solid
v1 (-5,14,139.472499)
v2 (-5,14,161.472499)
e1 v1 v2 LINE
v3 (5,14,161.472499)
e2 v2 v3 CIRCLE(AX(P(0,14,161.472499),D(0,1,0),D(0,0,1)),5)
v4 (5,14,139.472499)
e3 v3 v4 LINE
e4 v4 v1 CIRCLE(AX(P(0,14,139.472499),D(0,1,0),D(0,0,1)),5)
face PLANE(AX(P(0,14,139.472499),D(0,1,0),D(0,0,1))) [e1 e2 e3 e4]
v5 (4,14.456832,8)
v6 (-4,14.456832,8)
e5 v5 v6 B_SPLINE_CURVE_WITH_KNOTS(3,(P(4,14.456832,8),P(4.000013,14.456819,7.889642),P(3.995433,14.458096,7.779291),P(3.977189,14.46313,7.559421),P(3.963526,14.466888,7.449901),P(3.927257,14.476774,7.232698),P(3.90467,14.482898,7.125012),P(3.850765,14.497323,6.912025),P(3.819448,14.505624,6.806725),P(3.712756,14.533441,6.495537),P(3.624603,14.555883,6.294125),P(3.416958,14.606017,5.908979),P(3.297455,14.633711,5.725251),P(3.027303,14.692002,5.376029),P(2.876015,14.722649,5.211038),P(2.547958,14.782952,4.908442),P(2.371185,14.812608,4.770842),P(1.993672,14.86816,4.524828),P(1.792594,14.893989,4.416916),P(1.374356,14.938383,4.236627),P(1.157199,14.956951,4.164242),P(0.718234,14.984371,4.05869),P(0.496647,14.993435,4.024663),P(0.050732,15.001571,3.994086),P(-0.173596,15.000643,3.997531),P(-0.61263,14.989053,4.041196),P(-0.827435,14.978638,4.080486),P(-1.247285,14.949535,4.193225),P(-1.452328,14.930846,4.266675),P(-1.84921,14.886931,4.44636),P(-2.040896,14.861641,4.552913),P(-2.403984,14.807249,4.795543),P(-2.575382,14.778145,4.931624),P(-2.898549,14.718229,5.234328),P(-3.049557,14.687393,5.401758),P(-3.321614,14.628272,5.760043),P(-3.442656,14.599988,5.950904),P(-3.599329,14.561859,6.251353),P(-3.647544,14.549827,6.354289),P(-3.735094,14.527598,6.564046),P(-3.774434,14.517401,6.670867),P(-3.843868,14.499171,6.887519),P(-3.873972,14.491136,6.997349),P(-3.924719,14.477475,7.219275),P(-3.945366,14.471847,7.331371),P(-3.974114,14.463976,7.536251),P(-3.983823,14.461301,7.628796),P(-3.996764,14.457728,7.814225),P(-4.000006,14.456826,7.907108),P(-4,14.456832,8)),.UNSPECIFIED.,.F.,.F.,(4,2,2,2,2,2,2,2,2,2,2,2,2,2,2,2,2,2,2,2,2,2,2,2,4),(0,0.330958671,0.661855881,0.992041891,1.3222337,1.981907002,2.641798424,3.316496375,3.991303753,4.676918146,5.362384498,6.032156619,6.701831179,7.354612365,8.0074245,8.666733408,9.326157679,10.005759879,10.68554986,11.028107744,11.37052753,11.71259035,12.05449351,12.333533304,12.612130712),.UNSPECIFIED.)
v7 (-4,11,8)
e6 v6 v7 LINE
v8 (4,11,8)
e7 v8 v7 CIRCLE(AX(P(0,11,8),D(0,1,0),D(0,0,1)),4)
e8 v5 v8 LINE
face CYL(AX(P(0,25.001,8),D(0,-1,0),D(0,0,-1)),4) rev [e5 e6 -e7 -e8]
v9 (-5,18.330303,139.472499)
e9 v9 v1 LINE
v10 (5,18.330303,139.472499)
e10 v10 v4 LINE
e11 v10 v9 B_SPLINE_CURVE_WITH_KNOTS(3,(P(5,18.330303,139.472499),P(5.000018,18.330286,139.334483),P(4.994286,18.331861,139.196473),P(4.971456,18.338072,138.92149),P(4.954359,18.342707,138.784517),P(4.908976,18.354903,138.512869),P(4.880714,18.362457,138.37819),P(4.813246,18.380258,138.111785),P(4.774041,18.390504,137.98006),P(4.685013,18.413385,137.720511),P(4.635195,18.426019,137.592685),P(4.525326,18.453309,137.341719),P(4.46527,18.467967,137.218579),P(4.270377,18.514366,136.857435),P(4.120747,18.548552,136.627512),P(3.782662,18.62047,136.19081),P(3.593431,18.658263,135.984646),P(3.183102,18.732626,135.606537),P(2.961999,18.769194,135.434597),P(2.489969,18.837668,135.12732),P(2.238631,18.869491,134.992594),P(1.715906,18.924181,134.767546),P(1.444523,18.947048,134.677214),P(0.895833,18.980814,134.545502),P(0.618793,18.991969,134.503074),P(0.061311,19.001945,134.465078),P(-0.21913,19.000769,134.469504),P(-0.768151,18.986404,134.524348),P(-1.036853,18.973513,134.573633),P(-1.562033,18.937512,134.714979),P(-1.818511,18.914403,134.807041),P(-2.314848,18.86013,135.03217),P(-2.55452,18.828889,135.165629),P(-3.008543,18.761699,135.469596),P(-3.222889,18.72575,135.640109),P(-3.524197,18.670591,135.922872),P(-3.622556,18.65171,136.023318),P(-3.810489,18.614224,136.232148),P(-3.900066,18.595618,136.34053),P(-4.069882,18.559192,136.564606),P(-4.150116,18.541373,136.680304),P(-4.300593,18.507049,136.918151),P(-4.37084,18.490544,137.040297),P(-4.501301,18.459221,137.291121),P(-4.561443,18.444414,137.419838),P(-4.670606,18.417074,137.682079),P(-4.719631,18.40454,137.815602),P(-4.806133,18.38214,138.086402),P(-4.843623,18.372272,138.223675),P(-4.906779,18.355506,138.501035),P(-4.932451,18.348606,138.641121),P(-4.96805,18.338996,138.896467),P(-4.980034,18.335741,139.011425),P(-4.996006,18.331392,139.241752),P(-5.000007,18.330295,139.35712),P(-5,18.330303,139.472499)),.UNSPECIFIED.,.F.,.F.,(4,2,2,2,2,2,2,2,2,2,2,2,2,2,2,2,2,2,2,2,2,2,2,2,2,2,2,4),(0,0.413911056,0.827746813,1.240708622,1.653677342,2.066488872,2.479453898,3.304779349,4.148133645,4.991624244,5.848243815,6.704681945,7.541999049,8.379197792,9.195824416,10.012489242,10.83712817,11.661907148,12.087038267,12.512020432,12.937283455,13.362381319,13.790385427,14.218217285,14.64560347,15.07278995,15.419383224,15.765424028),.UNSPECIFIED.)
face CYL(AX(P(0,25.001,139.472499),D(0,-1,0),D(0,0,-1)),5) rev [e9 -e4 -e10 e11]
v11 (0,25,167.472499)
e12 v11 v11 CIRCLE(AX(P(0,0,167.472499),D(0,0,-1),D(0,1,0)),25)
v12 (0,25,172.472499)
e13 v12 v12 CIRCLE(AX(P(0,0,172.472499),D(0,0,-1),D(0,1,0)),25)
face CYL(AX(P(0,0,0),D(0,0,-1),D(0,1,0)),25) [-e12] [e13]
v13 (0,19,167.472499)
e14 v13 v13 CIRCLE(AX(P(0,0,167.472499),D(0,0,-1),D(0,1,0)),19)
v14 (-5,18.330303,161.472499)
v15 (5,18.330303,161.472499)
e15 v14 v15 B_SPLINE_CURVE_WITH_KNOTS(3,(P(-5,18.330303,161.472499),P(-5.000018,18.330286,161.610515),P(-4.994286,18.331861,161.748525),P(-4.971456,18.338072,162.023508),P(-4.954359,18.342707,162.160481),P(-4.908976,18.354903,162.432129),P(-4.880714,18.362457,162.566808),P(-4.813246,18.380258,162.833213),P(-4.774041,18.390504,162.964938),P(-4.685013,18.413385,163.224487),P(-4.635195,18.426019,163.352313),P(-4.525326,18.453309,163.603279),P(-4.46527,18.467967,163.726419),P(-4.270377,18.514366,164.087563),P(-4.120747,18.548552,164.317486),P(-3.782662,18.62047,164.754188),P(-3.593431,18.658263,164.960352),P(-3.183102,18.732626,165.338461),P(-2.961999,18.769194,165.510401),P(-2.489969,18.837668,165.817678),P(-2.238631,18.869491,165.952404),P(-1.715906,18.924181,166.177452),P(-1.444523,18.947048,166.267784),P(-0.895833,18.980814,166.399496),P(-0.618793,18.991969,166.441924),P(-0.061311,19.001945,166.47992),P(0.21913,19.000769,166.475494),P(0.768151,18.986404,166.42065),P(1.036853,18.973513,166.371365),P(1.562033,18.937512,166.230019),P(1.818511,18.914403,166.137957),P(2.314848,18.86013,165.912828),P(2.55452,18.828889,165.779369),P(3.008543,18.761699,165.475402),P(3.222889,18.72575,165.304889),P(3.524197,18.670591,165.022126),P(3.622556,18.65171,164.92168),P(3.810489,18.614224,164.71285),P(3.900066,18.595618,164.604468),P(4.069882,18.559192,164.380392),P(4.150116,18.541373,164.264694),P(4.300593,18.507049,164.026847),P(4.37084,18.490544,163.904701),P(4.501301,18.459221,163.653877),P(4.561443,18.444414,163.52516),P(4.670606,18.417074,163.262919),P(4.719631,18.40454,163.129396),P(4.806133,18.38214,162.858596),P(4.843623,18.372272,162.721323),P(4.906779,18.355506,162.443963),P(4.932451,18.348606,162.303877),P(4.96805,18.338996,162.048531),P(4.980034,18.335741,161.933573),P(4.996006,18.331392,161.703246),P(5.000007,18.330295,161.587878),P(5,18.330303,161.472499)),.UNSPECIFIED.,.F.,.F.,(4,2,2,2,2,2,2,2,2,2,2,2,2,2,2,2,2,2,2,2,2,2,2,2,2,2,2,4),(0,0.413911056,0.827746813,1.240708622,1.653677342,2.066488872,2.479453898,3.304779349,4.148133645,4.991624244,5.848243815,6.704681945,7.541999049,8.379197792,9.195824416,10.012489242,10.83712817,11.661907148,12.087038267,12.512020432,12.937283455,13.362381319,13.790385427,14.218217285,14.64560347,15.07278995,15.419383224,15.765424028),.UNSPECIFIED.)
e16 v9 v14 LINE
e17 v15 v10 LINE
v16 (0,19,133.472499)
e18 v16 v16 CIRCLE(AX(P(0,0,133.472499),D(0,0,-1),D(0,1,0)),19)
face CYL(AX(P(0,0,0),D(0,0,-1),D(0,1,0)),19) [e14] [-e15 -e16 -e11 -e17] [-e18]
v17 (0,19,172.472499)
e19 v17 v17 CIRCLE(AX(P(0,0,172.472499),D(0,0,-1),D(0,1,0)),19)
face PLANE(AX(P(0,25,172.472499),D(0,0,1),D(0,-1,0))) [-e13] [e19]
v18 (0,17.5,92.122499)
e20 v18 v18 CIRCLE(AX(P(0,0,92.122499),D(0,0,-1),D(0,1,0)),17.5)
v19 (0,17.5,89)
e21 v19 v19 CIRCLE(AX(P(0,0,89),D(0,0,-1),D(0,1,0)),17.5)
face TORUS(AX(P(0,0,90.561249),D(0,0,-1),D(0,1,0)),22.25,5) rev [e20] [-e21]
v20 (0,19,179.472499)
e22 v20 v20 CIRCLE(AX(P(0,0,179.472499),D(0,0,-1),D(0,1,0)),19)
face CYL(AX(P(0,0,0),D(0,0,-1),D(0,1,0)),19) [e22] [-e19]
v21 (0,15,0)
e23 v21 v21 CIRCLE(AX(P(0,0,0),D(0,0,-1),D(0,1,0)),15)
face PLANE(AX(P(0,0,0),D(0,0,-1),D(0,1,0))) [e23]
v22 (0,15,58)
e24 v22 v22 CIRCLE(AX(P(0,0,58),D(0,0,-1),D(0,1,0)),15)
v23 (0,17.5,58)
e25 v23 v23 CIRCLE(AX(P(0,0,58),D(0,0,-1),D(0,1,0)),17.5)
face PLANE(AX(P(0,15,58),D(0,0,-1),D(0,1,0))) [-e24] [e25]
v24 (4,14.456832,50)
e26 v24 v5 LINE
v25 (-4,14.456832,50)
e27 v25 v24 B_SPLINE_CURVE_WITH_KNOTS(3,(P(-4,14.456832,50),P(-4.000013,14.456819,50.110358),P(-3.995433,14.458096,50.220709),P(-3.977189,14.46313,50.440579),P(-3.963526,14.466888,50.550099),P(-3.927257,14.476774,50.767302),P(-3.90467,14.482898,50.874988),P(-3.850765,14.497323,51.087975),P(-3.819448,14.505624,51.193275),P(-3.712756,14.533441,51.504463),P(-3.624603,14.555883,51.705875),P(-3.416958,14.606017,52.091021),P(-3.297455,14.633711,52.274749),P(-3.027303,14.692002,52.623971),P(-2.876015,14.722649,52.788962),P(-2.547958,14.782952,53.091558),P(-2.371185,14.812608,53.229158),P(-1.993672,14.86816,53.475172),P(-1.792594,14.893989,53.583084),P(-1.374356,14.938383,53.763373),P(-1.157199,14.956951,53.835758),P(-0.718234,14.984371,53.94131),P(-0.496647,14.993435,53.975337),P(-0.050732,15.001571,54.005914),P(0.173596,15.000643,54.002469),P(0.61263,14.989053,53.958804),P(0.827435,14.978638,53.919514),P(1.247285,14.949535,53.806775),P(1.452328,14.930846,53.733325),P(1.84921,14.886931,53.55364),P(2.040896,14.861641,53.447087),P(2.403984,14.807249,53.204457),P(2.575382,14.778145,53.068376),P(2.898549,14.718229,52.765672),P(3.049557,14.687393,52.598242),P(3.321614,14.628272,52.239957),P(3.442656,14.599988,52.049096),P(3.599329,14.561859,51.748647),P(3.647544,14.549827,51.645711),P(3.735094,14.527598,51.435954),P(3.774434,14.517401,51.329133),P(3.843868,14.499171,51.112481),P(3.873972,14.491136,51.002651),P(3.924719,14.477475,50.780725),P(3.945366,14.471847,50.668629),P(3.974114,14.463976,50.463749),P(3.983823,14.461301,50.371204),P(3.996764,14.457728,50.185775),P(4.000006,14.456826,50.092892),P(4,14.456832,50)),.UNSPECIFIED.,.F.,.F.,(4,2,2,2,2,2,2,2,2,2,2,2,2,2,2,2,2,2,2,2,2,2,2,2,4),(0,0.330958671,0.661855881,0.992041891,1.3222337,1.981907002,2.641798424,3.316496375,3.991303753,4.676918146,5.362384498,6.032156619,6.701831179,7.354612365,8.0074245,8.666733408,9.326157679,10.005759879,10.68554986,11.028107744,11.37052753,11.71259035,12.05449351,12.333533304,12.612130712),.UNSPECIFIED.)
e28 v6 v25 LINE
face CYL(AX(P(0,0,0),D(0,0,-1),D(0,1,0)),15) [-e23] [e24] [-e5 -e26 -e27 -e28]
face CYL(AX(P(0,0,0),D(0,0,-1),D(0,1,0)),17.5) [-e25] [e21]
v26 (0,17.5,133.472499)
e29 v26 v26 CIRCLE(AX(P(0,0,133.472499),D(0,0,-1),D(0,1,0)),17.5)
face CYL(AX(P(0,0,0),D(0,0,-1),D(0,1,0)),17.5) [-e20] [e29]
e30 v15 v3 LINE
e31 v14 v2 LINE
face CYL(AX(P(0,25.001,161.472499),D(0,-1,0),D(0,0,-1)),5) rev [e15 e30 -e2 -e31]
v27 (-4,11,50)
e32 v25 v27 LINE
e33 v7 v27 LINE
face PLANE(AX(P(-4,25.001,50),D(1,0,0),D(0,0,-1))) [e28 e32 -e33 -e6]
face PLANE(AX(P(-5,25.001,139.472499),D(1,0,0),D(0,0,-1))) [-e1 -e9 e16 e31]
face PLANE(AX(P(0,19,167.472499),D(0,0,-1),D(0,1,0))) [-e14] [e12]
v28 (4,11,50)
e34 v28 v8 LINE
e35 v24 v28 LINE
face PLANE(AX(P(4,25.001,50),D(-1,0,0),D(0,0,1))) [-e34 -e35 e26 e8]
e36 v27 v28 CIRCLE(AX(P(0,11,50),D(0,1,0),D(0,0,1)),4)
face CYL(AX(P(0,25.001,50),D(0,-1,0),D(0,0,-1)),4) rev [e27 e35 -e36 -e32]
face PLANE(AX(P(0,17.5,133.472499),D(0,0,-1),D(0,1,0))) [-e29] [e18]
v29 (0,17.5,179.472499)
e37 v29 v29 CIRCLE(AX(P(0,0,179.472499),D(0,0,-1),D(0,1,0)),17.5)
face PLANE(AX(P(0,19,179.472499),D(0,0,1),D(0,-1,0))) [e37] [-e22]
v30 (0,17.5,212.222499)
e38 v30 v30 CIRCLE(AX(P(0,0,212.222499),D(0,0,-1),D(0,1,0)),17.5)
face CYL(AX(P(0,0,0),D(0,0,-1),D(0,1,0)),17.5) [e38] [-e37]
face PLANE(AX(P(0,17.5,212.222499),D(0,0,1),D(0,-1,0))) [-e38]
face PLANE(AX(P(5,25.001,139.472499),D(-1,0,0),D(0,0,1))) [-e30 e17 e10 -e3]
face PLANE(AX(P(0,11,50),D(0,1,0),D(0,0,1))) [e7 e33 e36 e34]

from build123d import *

# Parameters (mm, degrees)
CUT_EXTRUDE1_REACH      = 219.22
CUT_EXTRUDE1_END_RADIUS = 19
CUT_EXTRUDE2_REACH      = 218.701
CUT_EXTRUDE2_END_RADIUS = 15


with BuildPart() as part:
    # Sketch1 → Revolve1 (revolve)
    with BuildSketch(Plane(origin=(0, 0, 0), x_dir=(0, 0, -1), z_dir=(1, 0, 0))):
        with BuildLine():
            Line((0, 0), (0, 15))
            Line((0, 15), (-58, 15))
            Line((-58, 15), (-58, 17.5))
            Line((-58, 17.5), (-89, 17.5))
            ThreePointArc((-89, 17.5), (-90.5612495, 17.25), (-92.122498999, 17.5))
            Line((-92.122498999, 17.5), (-133.472498999, 17.5))
            Line((-133.472498999, 17.5), (-133.472498999, 19))
            Line((-133.472498999, 19), (-167.472498999, 19))
            Line((-167.472498999, 19), (-167.472498999, 25))
            Line((-167.472498999, 25), (-172.472498999, 25))
            Line((-172.472498999, 25), (-172.472498999, 19))
            Line((-172.472498999, 19), (-179.472498999, 19))
            Line((-179.472498999, 19), (-179.472498999, 17.5))
            Line((-179.472498999, 17.5), (-212.222498999, 17.5))
            Line((-212.222498999, 17.5), (-212.222498999, 0))
            Line((-212.222498999, 0), (0, 0))
        make_face()
    revolve(axis=Axis((0, 0, 0), (0, 0, 1)))

    # Cut-Extrude1: up to this cylinder (the profile starts inside it)
    cut_extrude1_end = Plane(origin=(0, 0, 150.472499), z_dir=(0, 0, -1)) * Cylinder(CUT_EXTRUDE1_END_RADIUS, 477.44, mode=Mode.PRIVATE)
    # Sketch2 → Cut-Extrude1 (cut, up to the surface)
    with BuildSketch(Plane(origin=(0, 14, 0), x_dir=(1, 0, 0), z_dir=(0, 1, 0)), mode=Mode.PRIVATE) as cut_extrude1_sk1:
        with BuildLine():
            Line((5, -139.472498999), (5, -161.472498999))
            ThreePointArc((5, -161.472498999), (0, -166.472498999), (-5, -161.472498999))
            Line((-5, -161.472498999), (-5, -139.472498999))
            ThreePointArc((-5, -139.472498999), (0, -134.472498999), (5, -139.472498999))
        make_face()
    cut_extrude1_tool1 = extrude(cut_extrude1_sk1.sketch, amount=CUT_EXTRUDE1_REACH, mode=Mode.PRIVATE) & cut_extrude1_end
    add(cut_extrude1_tool1.solids().sort_by_distance((0, 14, 150.472499))[0], mode=Mode.SUBTRACT)

    # Cut-Extrude2: up to this cylinder (the profile starts inside it)
    cut_extrude2_end = Plane(origin=(0, 0, 29), z_dir=(0, 0, -1)) * Cylinder(CUT_EXTRUDE2_END_RADIUS, 468.402, mode=Mode.PRIVATE)
    # Sketch3 → Cut-Extrude2 (cut, up to the surface)
    with BuildSketch(Plane(origin=(0, 11, 0), x_dir=(1, 0, 0), z_dir=(0, 1, 0)), mode=Mode.PRIVATE) as cut_extrude2_sk1:
        with BuildLine():
            Line((-4, -50), (-4, -8))
            ThreePointArc((-4, -8), (0, -4), (4, -8))
            Line((4, -8), (4, -50))
            ThreePointArc((4, -50), (0, -54), (-4, -50))
        make_face()
    cut_extrude2_tool1 = extrude(cut_extrude2_sk1.sketch, amount=CUT_EXTRUDE2_REACH, mode=Mode.PRIVATE) & cut_extrude2_end
    add(cut_extrude2_tool1.solids().sort_by_distance((0, 11, 29))[0], mode=Mode.SUBTRACT)


solid = part.part
